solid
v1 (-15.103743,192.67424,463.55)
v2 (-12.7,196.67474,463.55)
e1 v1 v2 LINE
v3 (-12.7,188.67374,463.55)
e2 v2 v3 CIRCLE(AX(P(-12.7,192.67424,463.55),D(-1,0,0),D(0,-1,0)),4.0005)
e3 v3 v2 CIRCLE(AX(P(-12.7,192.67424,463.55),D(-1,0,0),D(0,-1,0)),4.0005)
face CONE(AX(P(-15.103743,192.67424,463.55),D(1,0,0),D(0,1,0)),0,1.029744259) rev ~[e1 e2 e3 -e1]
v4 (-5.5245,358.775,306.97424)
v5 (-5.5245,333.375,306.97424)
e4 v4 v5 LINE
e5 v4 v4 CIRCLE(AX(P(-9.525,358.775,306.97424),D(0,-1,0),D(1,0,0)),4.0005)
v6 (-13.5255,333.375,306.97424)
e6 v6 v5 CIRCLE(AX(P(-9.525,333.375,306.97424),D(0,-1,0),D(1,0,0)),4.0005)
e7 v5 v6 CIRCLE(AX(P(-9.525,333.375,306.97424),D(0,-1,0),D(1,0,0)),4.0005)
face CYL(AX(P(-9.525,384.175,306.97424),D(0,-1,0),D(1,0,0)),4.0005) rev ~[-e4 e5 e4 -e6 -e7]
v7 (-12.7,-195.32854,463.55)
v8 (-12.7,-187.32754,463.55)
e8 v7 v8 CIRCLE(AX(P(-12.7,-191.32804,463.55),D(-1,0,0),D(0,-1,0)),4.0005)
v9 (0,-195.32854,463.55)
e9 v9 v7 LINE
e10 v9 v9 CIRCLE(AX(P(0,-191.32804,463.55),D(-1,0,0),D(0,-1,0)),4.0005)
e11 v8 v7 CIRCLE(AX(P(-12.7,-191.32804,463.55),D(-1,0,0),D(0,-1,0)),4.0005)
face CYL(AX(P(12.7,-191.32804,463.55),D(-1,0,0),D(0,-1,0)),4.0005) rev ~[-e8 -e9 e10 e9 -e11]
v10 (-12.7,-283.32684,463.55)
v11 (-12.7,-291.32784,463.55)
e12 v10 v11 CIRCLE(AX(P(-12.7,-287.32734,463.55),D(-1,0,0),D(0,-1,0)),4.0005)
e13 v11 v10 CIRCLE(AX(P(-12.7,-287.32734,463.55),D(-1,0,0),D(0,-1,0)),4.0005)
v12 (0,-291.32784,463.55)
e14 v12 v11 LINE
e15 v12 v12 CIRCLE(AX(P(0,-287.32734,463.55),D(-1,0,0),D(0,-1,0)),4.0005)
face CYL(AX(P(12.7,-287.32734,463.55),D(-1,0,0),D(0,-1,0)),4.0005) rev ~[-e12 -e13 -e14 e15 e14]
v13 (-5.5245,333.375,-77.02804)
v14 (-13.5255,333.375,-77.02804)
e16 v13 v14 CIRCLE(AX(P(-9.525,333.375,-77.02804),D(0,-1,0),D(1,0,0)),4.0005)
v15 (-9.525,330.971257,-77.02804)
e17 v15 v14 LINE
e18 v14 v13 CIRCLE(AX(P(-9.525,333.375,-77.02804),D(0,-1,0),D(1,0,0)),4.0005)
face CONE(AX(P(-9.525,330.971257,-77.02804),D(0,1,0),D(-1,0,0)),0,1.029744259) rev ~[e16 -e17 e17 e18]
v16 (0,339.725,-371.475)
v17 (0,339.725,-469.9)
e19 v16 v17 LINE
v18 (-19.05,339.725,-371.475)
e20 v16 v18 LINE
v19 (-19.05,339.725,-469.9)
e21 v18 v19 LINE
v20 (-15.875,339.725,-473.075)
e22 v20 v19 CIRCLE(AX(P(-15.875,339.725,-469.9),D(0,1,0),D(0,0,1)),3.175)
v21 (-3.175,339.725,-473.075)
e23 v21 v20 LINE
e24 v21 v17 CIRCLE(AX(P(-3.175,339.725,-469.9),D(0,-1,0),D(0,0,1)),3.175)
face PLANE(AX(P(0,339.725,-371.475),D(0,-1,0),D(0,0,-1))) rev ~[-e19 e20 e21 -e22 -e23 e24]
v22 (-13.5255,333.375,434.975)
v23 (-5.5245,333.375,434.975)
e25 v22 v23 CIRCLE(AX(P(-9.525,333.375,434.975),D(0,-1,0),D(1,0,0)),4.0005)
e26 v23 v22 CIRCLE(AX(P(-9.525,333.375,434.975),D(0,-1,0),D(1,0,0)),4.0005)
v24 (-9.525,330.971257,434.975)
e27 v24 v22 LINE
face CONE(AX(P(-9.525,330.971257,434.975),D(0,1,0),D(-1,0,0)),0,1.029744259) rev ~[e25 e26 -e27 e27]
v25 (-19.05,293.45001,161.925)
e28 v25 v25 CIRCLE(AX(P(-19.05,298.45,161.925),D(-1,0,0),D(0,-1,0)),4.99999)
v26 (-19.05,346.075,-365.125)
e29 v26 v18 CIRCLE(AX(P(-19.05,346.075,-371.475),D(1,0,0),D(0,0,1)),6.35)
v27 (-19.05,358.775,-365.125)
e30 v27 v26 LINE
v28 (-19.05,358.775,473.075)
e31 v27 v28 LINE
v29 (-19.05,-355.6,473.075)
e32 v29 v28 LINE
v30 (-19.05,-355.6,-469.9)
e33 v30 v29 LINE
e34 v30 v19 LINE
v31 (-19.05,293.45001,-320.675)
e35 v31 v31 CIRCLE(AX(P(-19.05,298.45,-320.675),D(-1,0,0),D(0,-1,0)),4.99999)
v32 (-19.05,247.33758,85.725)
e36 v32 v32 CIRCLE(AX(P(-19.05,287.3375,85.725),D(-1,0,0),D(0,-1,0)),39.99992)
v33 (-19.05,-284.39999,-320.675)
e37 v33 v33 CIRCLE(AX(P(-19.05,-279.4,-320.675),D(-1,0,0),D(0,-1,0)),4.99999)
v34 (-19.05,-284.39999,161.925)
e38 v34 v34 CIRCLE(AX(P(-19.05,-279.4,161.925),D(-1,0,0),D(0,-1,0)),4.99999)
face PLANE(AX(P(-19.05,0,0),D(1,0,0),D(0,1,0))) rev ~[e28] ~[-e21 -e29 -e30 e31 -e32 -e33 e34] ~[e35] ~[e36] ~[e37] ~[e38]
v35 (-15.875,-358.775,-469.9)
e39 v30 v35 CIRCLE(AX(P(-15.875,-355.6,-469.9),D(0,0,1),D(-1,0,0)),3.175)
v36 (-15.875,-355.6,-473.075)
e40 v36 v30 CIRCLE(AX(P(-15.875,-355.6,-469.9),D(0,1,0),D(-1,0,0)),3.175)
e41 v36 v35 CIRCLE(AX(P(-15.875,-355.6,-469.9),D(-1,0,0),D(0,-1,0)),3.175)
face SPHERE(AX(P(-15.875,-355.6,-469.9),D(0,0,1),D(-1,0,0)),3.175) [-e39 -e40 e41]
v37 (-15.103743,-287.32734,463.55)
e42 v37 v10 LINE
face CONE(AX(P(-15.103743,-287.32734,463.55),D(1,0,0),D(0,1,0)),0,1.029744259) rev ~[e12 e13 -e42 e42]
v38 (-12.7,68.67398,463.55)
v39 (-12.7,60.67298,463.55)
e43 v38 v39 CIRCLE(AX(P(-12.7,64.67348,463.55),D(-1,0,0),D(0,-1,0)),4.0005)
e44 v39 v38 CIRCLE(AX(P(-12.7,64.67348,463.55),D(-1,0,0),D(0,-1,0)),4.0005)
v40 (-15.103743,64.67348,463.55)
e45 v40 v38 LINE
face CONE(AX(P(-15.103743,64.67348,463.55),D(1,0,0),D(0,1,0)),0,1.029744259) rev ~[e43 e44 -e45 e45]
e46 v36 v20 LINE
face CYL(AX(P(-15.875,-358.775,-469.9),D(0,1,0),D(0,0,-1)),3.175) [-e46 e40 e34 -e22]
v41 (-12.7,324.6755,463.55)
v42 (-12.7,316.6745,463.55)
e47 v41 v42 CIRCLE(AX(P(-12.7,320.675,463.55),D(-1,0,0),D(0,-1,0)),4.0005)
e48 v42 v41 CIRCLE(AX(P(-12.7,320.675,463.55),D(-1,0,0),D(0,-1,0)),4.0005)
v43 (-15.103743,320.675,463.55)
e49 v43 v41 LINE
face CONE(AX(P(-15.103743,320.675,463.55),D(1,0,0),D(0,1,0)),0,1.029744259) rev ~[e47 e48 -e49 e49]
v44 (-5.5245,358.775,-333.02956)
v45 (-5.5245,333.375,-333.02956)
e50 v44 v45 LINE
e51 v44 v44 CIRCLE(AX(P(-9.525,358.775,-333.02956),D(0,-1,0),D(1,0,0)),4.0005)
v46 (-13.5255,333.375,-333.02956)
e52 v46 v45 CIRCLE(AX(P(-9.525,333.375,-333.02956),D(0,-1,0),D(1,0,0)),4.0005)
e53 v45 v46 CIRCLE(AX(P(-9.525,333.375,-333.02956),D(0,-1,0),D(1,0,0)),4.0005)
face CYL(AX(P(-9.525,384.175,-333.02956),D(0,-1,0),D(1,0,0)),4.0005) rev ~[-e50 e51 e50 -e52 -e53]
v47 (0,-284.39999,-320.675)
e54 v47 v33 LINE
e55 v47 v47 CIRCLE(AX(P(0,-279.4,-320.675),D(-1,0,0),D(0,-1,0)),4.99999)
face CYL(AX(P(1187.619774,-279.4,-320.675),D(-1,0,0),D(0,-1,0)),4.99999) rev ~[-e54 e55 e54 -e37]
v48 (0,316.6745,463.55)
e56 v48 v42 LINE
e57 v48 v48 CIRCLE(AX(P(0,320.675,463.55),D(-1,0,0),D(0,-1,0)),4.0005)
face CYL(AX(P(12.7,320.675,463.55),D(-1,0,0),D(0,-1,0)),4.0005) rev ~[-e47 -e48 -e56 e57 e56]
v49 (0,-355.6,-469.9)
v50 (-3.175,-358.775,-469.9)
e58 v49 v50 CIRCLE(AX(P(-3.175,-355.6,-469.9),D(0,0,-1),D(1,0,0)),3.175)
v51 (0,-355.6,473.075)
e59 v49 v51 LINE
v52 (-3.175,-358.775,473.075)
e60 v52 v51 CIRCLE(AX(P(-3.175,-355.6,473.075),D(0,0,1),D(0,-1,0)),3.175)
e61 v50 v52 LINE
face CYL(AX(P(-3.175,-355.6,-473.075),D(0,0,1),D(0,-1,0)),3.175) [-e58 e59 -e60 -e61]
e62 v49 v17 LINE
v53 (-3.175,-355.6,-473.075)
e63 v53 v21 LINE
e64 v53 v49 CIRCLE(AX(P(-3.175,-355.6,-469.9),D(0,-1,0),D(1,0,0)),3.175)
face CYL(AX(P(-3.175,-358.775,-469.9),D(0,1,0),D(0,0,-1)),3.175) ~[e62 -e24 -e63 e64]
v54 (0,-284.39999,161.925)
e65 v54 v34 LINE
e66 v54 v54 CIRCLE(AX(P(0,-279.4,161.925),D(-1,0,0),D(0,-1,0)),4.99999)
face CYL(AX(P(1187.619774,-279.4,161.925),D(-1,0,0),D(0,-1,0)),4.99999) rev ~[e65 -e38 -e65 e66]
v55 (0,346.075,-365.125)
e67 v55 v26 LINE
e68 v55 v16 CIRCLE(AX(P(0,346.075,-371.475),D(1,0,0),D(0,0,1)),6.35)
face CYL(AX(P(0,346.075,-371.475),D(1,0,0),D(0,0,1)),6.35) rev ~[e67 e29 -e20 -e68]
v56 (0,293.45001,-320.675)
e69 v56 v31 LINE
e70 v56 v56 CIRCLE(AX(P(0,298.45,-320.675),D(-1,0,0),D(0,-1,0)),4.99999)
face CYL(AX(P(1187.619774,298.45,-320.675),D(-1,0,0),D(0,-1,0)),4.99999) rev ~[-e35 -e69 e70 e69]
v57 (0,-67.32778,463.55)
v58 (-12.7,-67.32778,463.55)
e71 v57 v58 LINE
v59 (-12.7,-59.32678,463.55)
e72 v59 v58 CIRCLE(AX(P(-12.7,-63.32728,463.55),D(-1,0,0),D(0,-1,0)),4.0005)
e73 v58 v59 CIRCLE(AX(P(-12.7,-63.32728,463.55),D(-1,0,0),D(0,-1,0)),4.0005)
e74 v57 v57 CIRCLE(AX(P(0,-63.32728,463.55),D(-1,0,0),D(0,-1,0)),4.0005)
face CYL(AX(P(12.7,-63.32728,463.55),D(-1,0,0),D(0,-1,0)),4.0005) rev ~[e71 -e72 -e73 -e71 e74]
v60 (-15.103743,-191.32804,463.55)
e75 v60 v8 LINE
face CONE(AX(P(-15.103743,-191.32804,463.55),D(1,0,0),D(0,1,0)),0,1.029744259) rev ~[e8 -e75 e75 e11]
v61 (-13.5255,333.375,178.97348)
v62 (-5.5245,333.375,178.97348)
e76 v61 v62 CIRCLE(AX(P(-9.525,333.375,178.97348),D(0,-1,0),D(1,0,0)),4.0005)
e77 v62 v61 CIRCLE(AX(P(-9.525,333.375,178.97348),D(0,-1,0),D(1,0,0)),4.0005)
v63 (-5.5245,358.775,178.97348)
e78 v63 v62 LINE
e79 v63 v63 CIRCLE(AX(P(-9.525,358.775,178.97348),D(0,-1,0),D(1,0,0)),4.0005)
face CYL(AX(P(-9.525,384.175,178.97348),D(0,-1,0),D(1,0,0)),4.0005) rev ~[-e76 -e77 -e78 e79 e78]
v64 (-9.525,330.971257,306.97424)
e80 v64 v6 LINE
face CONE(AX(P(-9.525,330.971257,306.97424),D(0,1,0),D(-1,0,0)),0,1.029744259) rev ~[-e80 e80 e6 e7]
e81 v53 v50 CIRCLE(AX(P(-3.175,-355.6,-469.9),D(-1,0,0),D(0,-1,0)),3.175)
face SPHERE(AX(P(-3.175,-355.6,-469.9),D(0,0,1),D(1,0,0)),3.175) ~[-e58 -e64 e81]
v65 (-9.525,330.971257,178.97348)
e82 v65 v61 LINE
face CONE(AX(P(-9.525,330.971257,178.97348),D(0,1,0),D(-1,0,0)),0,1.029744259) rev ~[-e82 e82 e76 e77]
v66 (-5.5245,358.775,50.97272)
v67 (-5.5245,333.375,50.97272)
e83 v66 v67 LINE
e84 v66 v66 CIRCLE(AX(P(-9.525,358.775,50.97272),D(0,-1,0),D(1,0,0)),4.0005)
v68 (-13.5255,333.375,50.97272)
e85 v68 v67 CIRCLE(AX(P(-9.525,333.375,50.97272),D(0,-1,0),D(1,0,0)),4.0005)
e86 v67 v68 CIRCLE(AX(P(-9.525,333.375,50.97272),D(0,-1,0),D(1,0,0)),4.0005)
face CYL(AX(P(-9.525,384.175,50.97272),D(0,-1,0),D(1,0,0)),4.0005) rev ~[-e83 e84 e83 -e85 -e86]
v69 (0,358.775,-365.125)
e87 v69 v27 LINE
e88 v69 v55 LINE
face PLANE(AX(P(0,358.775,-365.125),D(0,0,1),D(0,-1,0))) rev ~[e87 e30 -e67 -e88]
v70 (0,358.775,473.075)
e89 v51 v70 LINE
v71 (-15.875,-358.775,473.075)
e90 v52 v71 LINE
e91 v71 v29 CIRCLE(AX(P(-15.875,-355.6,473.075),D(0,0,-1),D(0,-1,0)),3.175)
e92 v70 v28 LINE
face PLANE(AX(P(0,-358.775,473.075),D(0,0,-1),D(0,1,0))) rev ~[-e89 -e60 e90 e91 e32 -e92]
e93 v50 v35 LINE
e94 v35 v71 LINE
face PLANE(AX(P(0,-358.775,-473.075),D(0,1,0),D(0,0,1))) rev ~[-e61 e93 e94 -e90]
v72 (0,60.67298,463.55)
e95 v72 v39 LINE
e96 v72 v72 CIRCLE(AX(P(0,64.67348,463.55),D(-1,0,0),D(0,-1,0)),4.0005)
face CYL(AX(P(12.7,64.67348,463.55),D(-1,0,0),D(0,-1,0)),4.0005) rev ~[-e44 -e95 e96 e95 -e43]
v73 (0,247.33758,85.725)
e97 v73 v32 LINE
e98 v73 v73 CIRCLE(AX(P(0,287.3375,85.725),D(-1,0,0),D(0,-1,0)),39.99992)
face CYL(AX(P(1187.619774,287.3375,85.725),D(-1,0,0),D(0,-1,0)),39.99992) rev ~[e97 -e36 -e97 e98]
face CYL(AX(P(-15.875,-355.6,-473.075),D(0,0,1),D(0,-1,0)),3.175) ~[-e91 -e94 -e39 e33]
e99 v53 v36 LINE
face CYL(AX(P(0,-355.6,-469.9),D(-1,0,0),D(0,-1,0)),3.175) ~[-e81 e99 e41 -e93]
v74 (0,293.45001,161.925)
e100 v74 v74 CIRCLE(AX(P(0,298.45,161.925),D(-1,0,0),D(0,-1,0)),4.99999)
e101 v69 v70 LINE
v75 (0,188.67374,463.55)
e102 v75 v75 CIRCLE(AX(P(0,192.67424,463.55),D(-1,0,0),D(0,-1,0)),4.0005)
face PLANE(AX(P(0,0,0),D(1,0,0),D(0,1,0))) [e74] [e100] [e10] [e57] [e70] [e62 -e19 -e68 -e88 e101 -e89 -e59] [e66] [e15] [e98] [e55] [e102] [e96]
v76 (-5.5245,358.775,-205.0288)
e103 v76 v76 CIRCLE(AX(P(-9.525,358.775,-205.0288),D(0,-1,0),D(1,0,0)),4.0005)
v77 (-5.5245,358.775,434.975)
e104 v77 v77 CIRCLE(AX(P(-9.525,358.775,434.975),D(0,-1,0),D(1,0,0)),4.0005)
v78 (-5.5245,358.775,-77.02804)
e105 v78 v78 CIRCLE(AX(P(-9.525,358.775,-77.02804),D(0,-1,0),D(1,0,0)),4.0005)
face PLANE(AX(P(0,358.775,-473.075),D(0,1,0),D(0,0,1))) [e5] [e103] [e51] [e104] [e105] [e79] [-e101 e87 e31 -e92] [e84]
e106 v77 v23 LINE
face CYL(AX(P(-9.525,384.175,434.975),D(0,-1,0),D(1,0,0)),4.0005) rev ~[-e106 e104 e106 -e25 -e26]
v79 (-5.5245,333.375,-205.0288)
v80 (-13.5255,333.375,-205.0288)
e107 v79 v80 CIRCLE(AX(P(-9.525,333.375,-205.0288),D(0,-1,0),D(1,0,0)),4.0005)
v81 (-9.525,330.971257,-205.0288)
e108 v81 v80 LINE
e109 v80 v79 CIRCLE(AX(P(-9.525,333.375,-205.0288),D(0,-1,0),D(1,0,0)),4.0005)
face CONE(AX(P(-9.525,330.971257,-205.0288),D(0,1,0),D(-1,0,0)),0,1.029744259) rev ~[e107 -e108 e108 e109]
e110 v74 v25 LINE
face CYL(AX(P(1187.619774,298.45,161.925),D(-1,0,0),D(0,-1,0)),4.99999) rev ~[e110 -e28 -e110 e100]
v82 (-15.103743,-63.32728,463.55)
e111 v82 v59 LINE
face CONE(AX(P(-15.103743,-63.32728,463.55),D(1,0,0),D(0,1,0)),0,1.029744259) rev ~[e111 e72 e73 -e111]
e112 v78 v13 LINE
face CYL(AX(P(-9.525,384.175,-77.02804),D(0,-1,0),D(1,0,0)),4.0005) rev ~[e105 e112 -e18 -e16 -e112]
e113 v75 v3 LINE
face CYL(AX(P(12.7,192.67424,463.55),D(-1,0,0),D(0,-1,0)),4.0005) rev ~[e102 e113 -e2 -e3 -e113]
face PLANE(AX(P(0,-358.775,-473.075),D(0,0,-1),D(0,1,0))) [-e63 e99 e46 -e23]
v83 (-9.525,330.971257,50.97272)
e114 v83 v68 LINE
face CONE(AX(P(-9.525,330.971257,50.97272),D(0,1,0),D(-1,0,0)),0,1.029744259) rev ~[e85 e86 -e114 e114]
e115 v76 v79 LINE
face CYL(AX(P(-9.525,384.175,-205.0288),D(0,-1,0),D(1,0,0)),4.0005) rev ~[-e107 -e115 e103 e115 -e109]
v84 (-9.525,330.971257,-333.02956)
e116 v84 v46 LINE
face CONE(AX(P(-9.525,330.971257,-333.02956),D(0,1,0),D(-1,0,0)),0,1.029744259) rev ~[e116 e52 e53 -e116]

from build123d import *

# Parameters (mm, degrees)
F0_W      = 717.55
F0_H      = 946.15
F1_DEPTH  = 19.05
F3_D      = 8.001
F3_DEPTH  = 12.7
F3_TIP    = 2.4037429064
F5_DEPTH  = 19.051
F7_D      = 9.99998
F9_D      = 79.99984
F11_D     = 8.001
F11_DEPTH = 25.4
F11_TIP   = 2.4037429064
F12_R     = 3.175


with BuildPart() as f1:
    # F0 (on Right) → F1 (new body)
    with BuildSketch(Plane.YZ):
        Rectangle(F0_W, F0_H)
    extrude(amount=-F1_DEPTH)

    # F3
    with Locations(Plane.YZ):
        with Locations((-287.32734, 463.55), (-191.32804, 463.55), (-63.32728, 463.55), (64.67348, 463.55), (192.67424, 463.55), (320.675, 463.55)):
            Hole(F3_D / 2, depth=F3_DEPTH)
            with Locations((0, 0, -(F3_DEPTH + F3_TIP / 2))):  # 118° drill point
                Cone(0, F3_D / 2, F3_TIP, mode=Mode.SUBTRACT)

    # F4 (on face) → F5 (cut, through all)
    with BuildSketch(Plane.YZ):
        with BuildLine():
            Line((339.725, -473.075), (358.775, -473.075))
            Line((358.775, -473.075), (358.775, -365.125))
            Line((358.775, -365.125), (346.075, -365.125))
            ThreePointArc((346.075, -365.125), (341.5848719395, -366.9848719395), (339.725, -371.475))
            Line((339.725, -371.475), (339.725, -473.075))
        make_face()
    extrude(amount=-F5_DEPTH, mode=Mode.SUBTRACT)

    # F7 (through all)
    with Locations(Plane.YZ):
        with Locations((-279.4, 161.925), (-279.4, -320.675), (298.45, -320.675), (298.45, 161.925)):
            Hole(F7_D / 2)

    # F9 (through all)
    with Locations(Plane.YZ):
        with Locations((287.3375, 85.725)):
            Hole(F9_D / 2)

    # F11
    with Locations(Plane(origin=(0, 358.775, 0), x_dir=(-1, 0, 0), z_dir=(0, 1, 0))):
        with Locations((9.525, 434.975), (9.525, 306.97424), (9.525, 178.97348), (9.525, 50.97272), (9.525, -77.02804), (9.525, -205.0288), (9.525, -333.02956)):
            Hole(F11_D / 2, depth=F11_DEPTH)
            with Locations((0, 0, -(F11_DEPTH + F11_TIP / 2))):  # 118° drill point
                Cone(0, F11_D / 2, F11_TIP, mode=Mode.SUBTRACT)

    # F12
    f12_edges = [f1.edges().sort_by_distance(p)[0] for p in [
        (-19.05, -358.775, 0),
        (0, -358.775, 0),
        (0, -9.525, -473.075),
        (-19.05, -9.525, -473.075),
        (-9.525, -358.775, -473.075),
    ]]
    fillet(f12_edges, radius=F12_R)


solid = f1.part
